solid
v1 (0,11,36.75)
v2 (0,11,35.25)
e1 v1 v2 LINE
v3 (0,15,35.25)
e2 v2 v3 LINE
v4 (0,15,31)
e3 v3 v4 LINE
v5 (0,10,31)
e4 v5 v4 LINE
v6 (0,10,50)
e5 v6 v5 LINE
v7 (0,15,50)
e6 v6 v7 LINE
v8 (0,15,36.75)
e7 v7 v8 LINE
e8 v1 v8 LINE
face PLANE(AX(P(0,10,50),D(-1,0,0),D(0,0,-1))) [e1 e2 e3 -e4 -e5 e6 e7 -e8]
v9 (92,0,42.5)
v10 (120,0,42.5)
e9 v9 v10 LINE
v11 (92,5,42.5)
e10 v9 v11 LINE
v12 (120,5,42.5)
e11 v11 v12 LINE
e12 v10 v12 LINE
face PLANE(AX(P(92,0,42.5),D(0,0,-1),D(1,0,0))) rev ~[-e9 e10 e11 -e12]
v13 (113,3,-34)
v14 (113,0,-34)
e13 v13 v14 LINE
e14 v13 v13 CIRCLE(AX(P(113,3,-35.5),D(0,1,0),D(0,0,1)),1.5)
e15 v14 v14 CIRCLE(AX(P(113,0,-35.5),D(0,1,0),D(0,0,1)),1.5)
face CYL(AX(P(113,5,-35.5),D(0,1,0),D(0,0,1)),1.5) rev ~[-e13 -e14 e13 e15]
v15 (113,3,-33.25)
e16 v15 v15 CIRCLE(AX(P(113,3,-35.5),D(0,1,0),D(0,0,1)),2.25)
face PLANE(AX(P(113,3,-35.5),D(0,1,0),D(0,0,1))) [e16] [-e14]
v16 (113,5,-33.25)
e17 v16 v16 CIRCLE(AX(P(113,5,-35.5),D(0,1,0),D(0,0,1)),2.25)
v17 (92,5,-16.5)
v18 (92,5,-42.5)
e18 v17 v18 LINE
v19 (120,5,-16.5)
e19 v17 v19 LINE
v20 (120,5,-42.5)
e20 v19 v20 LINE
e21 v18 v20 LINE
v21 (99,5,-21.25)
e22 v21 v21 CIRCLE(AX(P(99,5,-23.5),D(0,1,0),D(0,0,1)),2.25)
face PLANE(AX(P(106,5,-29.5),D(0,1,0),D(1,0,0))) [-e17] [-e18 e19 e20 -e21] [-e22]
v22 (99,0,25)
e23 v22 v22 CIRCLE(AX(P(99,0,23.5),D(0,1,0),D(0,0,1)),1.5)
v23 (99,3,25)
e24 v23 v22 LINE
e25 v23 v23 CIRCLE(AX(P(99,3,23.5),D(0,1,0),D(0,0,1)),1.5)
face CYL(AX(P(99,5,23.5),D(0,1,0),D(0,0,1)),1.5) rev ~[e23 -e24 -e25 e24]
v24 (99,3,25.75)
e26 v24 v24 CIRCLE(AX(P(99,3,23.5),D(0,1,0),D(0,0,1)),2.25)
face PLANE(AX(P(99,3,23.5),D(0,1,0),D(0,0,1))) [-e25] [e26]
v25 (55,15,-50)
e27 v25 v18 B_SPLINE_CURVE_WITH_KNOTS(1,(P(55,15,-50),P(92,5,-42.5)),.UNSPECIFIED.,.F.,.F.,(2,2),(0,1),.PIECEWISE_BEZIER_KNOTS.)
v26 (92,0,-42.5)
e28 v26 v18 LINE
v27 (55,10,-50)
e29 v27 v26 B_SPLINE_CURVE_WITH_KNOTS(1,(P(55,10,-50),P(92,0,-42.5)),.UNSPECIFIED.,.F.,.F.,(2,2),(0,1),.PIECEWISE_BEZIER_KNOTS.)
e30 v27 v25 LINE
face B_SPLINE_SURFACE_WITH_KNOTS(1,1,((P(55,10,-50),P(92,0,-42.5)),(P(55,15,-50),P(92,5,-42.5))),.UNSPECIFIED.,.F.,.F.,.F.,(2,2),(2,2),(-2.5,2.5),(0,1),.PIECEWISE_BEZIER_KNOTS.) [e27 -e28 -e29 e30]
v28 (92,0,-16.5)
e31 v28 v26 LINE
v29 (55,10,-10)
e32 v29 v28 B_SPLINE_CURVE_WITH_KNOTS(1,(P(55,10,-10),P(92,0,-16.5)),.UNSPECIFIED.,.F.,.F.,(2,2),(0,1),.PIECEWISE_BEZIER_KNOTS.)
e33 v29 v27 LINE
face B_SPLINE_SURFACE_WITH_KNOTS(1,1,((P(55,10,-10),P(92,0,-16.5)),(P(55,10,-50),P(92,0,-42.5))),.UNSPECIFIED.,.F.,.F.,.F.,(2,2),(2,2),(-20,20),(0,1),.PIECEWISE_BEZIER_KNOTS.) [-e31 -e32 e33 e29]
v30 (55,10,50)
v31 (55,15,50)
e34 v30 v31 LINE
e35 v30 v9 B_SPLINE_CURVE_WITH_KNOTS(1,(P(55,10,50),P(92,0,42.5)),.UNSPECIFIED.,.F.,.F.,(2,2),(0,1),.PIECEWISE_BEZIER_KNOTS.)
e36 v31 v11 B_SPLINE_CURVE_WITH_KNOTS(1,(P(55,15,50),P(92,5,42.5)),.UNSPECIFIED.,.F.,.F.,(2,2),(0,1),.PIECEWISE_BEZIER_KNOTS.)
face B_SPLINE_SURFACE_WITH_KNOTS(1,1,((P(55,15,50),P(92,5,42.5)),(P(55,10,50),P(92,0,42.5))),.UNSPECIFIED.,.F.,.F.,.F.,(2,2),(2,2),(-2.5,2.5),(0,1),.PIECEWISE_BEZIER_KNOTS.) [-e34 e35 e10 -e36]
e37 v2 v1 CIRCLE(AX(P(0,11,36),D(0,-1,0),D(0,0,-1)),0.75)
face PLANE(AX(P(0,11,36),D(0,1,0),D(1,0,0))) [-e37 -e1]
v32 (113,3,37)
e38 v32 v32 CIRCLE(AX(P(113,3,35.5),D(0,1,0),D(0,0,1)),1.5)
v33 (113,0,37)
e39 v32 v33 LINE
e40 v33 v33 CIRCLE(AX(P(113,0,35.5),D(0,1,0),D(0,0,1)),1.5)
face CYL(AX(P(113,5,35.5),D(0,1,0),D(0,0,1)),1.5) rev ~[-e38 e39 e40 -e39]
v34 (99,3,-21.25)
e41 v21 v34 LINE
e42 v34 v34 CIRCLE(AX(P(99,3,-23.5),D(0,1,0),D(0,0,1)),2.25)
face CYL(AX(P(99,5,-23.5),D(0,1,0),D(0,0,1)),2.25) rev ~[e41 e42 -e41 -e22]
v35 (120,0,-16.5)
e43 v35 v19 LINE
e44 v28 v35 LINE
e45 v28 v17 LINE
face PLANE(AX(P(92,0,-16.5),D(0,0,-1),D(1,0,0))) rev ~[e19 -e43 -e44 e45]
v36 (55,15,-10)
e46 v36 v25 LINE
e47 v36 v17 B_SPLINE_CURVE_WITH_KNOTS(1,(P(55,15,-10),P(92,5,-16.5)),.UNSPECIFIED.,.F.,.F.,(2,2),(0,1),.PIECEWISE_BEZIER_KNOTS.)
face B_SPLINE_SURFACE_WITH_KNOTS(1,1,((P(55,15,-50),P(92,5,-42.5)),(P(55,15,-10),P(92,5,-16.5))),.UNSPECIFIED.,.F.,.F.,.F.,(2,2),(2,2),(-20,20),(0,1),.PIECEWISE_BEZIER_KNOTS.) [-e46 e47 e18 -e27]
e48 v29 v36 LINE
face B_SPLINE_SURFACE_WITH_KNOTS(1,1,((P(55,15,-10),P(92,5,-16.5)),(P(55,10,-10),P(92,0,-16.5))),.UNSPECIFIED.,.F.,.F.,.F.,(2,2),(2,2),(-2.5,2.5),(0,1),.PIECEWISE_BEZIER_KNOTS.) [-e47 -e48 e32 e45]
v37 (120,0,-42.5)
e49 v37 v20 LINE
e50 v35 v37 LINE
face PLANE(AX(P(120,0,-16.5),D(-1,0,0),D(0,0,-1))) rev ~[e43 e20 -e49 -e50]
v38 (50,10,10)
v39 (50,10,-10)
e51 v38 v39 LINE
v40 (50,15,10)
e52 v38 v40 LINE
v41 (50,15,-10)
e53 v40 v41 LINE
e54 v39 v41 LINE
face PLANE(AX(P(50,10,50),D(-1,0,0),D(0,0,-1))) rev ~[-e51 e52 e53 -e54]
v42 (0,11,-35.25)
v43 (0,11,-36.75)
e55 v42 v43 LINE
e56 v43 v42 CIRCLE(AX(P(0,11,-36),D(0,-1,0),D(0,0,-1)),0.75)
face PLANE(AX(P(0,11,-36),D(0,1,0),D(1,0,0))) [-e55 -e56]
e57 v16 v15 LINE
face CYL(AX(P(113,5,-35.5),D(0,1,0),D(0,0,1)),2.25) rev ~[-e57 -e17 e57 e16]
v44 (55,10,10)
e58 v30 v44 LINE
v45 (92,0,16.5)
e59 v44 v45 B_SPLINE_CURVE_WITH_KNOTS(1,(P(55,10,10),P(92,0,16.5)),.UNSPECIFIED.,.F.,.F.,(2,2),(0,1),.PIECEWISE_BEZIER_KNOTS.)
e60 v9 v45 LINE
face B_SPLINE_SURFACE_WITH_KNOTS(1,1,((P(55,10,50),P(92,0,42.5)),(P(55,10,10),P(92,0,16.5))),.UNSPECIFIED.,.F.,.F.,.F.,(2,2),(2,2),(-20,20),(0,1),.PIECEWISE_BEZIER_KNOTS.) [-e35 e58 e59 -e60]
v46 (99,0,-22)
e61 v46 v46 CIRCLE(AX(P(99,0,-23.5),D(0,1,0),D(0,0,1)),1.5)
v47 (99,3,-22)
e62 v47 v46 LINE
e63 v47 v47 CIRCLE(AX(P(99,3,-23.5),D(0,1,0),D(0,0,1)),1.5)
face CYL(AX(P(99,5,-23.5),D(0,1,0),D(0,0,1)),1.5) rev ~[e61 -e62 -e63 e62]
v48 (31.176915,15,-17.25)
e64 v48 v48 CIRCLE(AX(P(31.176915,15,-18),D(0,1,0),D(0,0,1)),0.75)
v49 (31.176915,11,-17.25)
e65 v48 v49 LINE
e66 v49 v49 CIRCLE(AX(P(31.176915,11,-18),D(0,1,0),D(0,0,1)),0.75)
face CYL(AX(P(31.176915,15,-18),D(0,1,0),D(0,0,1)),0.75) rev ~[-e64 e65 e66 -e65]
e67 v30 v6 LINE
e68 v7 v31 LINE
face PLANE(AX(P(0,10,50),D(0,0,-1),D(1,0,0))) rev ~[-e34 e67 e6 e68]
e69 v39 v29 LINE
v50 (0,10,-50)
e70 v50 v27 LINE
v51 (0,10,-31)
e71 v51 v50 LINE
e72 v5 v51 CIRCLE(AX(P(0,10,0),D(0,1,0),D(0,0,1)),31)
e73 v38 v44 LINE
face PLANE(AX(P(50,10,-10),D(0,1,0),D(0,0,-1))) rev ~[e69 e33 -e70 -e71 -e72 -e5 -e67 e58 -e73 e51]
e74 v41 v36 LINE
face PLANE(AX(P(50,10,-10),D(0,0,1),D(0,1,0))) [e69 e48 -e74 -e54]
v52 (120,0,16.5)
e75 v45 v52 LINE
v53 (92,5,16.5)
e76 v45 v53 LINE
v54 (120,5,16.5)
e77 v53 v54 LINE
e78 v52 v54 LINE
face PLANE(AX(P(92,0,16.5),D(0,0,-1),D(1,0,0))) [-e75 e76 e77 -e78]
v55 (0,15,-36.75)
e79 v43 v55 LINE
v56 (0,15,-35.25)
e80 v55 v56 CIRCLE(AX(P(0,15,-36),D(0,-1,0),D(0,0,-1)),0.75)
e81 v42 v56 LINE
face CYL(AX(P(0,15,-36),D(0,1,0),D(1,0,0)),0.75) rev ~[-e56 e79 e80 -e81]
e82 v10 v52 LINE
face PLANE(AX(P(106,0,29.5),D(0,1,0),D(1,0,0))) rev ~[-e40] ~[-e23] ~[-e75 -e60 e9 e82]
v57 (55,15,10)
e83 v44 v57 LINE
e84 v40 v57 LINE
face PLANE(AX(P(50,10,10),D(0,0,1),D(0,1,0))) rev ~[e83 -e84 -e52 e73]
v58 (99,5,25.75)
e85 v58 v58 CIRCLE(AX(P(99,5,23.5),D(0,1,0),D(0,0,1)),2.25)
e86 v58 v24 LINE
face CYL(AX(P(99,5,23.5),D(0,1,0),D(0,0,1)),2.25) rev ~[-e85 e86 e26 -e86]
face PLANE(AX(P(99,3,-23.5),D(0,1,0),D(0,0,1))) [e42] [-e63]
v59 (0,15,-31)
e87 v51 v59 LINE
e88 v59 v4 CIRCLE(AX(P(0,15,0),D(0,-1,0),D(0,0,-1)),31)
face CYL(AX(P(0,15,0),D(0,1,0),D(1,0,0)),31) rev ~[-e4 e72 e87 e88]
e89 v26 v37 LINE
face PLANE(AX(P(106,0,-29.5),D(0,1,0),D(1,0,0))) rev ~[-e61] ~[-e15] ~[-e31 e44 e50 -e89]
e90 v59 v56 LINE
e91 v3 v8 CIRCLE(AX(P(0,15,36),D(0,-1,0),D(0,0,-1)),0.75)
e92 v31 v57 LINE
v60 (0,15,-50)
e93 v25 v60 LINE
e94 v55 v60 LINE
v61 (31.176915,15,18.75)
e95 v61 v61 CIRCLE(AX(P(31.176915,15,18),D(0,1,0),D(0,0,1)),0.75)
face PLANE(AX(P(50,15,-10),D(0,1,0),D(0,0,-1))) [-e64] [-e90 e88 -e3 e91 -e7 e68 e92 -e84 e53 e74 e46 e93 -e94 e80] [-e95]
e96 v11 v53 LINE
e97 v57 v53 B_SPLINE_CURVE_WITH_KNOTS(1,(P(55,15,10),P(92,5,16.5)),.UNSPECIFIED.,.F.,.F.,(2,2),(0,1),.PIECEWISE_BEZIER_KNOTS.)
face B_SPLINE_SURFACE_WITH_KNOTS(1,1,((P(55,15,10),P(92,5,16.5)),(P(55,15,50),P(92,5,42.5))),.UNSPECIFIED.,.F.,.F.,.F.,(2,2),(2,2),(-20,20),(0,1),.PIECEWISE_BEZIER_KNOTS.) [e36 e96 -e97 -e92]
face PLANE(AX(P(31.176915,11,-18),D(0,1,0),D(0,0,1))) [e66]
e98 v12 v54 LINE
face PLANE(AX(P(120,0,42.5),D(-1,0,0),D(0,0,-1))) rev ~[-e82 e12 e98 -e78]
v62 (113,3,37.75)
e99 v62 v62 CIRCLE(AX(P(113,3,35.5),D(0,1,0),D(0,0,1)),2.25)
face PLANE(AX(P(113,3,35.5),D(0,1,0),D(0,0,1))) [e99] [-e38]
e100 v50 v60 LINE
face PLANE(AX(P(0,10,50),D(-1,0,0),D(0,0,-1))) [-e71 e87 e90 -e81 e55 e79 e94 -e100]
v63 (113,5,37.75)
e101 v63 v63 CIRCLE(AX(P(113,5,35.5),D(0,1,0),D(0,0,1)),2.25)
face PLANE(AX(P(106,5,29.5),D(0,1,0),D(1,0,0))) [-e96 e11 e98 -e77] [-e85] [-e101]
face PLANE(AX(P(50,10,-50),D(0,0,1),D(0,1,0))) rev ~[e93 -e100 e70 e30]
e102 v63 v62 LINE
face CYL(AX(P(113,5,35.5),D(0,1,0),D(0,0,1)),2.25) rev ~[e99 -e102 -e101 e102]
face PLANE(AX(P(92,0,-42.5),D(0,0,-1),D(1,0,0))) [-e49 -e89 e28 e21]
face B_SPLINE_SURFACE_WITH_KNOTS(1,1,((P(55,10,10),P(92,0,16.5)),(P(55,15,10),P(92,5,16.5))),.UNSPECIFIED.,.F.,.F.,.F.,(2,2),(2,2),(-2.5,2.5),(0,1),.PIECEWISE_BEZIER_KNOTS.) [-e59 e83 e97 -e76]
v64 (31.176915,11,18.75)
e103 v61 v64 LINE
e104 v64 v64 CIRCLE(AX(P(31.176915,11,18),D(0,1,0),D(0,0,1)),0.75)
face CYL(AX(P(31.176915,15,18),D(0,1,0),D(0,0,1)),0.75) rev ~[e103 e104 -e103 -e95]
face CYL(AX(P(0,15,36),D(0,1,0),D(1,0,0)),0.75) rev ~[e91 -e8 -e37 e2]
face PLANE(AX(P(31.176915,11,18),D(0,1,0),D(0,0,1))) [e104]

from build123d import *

# Parameters (mm, degrees)
SKETCH_1_W          = 28
SKETCH_1_H          = 26
EXTRUDE_1_DEPTH     = 5
EXTRUDE_1_2_DEPTH   = 5
EXTRUDE_START       = 10
SKETCH_1_12_W       = 50
SKETCH_1_12_H       = 100
EXTRUDE_2_DEPTH     = 5
SKETCH_2_W          = 40
SKETCH_2_H          = 5
EXTRUDE_3_DEPTH     = 5
SKETCH_3_R          = 1.5
CUT_EXTRUDE_1_DEPTH = 131.38404815
SKETCH_3_3_R        = 2.25
CUT_EXTRUDE_2_DEPTH = 2
SKETCH_4_R          = 0.75
CUT_EXTRUDE_3_DEPTH = 4
SKETCH_5_R          = 31
CUT_EXTRUDE_4_DEPTH = 131.862523333
SKETCH_6_W          = 400
SKETCH_6_H          = 200
CUT_EXTRUDE_5_DEPTH = 131.862523333


with BuildPart() as part:
    # 草图1 → 凸台-拉伸1 (new body)
    with BuildSketch(Plane(origin=(0, 0, 0), x_dir=(1, 0, 0), z_dir=(0, 1, 0))):
        with Locations((106, 29.5)):
            Rectangle(SKETCH_1_W, SKETCH_1_H)
    extrude(amount=EXTRUDE_1_DEPTH)


with BuildPart() as body_2:
    # 草图1 → Extrude 1 2 (new body)
    with BuildSketch(Plane(origin=(0, 0, 0), x_dir=(1, 0, 0), z_dir=(0, 1, 0))):
        with Locations((106, -29.5)):
            Rectangle(SKETCH_1_W, SKETCH_1_H)
    extrude(amount=EXTRUDE_1_2_DEPTH)


with BuildPart() as body_3:
    # 草图1<12> → 凸台-拉伸2 (new body)
    with BuildSketch(Plane(origin=(0, 0, 0), x_dir=(1, 0, 0), z_dir=(0, 1, 0)).offset(EXTRUDE_START)):
        with Locations((25, 0)):
            Rectangle(SKETCH_1_12_W, SKETCH_1_12_H)
    extrude(amount=EXTRUDE_2_DEPTH)

    # 草图2 → 凸台-拉伸3 (add)
    with BuildSketch(Plane(origin=(50, 0, 0), x_dir=(0, 0, -1), z_dir=(1, 0, 0))):
        with Locations((30, 12.5)):
            Rectangle(SKETCH_2_W, SKETCH_2_H)
        with Locations((-30, 12.5)):
            Rectangle(SKETCH_2_W, SKETCH_2_H)
    extrude(amount=EXTRUDE_3_DEPTH)


    add(body_2.part)  # loft_5 joins it to this body
    # loft from a face of the part (loft_5)
    loft([body_3.faces().sort_by_distance((55, 12.5, 30))[0], body_3.faces().sort_by_distance((92, 2.5, 29.5))[0]])


    add(part.part)  # loft_6 joins it to this body
    # loft from a face of the part (loft_6)
    loft([body_3.faces().sort_by_distance((55, 12.5, -30))[0], body_3.faces().sort_by_distance((92, 2.5, -29.5))[0]])

    # 草图3 → 切除-拉伸1 (cut, through all)
    with BuildSketch(Plane(origin=(0, 5, 0), x_dir=(1, 0, 0), z_dir=(0, 1, 0))):
        with Locations(Location((113, 35.5, 0), (0, 0, 270))):
            Circle(SKETCH_3_R)
        with Locations(Location((99, 23.5, 0), (0, 0, 270))):
            Circle(SKETCH_3_R)
        with Locations(Location((113, -35.5, 0), (0, 0, 270))):
            Circle(SKETCH_3_R)
        with Locations(Location((99, -23.5, 0), (0, 0, 270))):
            Circle(SKETCH_3_R)
    extrude(amount=-CUT_EXTRUDE_1_DEPTH, mode=Mode.SUBTRACT)

    # 草图3<3> → 切除-拉伸2 (cut)
    with BuildSketch(Plane(origin=(0, 5, 0), x_dir=(1, 0, 0), z_dir=(0, 1, 0))):
        with Locations(Location((99, 23.5, 0), (0, 0, 270))):
            Circle(SKETCH_3_3_R)
        with Locations(Location((113, 35.5, 0), (0, 0, 270))):
            Circle(SKETCH_3_3_R)
        with Locations(Location((113, -35.5, 0), (0, 0, 270))):
            Circle(SKETCH_3_3_R)
        with Locations(Location((99, -23.5, 0), (0, 0, 270))):
            Circle(SKETCH_3_3_R)
    extrude(amount=-CUT_EXTRUDE_2_DEPTH, mode=Mode.SUBTRACT)

    # 草图4 → 切除-拉伸3 (cut)
    with BuildSketch(Plane(origin=(0, 15, 0), x_dir=(1, 0, 0), z_dir=(0, 1, 0))):
        with Locations((0, 36)):
            Circle(SKETCH_4_R)
        with Locations(Location((31.176914536, 18, 0), (0, 0, 270))):
            Circle(SKETCH_4_R)
        with Locations(Location((31.176914536, -18, 0), (0, 0, 270))):
            Circle(SKETCH_4_R)
        with Locations((0, -36)):
            Circle(SKETCH_4_R)
    extrude(amount=-CUT_EXTRUDE_3_DEPTH, mode=Mode.SUBTRACT)

    # 草图5 → 切除-拉伸4 (cut, through all)
    with BuildSketch(Plane(origin=(0, 15, 0), x_dir=(1, 0, 0), z_dir=(0, 1, 0))):
        Circle(SKETCH_5_R)
    extrude(amount=-CUT_EXTRUDE_4_DEPTH, mode=Mode.SUBTRACT)


with BuildPart() as body_2_2:
    # 镜向1: mirrored copy
    add(body_3.part.mirror(Plane(origin=(0, 0, 0), x_dir=(0, 0, 1), z_dir=(1, 0, 0))))

    # 草图6 → 切除-拉伸5 (cut, through all)
    with BuildSketch(Plane(origin=(0, 0, 0), x_dir=(0, 0, -1), z_dir=(1, 0, 0))):
        Rectangle(SKETCH_6_W, SKETCH_6_H)
    extrude(amount=-CUT_EXTRUDE_5_DEPTH, mode=Mode.SUBTRACT)


solid = body_3.part
